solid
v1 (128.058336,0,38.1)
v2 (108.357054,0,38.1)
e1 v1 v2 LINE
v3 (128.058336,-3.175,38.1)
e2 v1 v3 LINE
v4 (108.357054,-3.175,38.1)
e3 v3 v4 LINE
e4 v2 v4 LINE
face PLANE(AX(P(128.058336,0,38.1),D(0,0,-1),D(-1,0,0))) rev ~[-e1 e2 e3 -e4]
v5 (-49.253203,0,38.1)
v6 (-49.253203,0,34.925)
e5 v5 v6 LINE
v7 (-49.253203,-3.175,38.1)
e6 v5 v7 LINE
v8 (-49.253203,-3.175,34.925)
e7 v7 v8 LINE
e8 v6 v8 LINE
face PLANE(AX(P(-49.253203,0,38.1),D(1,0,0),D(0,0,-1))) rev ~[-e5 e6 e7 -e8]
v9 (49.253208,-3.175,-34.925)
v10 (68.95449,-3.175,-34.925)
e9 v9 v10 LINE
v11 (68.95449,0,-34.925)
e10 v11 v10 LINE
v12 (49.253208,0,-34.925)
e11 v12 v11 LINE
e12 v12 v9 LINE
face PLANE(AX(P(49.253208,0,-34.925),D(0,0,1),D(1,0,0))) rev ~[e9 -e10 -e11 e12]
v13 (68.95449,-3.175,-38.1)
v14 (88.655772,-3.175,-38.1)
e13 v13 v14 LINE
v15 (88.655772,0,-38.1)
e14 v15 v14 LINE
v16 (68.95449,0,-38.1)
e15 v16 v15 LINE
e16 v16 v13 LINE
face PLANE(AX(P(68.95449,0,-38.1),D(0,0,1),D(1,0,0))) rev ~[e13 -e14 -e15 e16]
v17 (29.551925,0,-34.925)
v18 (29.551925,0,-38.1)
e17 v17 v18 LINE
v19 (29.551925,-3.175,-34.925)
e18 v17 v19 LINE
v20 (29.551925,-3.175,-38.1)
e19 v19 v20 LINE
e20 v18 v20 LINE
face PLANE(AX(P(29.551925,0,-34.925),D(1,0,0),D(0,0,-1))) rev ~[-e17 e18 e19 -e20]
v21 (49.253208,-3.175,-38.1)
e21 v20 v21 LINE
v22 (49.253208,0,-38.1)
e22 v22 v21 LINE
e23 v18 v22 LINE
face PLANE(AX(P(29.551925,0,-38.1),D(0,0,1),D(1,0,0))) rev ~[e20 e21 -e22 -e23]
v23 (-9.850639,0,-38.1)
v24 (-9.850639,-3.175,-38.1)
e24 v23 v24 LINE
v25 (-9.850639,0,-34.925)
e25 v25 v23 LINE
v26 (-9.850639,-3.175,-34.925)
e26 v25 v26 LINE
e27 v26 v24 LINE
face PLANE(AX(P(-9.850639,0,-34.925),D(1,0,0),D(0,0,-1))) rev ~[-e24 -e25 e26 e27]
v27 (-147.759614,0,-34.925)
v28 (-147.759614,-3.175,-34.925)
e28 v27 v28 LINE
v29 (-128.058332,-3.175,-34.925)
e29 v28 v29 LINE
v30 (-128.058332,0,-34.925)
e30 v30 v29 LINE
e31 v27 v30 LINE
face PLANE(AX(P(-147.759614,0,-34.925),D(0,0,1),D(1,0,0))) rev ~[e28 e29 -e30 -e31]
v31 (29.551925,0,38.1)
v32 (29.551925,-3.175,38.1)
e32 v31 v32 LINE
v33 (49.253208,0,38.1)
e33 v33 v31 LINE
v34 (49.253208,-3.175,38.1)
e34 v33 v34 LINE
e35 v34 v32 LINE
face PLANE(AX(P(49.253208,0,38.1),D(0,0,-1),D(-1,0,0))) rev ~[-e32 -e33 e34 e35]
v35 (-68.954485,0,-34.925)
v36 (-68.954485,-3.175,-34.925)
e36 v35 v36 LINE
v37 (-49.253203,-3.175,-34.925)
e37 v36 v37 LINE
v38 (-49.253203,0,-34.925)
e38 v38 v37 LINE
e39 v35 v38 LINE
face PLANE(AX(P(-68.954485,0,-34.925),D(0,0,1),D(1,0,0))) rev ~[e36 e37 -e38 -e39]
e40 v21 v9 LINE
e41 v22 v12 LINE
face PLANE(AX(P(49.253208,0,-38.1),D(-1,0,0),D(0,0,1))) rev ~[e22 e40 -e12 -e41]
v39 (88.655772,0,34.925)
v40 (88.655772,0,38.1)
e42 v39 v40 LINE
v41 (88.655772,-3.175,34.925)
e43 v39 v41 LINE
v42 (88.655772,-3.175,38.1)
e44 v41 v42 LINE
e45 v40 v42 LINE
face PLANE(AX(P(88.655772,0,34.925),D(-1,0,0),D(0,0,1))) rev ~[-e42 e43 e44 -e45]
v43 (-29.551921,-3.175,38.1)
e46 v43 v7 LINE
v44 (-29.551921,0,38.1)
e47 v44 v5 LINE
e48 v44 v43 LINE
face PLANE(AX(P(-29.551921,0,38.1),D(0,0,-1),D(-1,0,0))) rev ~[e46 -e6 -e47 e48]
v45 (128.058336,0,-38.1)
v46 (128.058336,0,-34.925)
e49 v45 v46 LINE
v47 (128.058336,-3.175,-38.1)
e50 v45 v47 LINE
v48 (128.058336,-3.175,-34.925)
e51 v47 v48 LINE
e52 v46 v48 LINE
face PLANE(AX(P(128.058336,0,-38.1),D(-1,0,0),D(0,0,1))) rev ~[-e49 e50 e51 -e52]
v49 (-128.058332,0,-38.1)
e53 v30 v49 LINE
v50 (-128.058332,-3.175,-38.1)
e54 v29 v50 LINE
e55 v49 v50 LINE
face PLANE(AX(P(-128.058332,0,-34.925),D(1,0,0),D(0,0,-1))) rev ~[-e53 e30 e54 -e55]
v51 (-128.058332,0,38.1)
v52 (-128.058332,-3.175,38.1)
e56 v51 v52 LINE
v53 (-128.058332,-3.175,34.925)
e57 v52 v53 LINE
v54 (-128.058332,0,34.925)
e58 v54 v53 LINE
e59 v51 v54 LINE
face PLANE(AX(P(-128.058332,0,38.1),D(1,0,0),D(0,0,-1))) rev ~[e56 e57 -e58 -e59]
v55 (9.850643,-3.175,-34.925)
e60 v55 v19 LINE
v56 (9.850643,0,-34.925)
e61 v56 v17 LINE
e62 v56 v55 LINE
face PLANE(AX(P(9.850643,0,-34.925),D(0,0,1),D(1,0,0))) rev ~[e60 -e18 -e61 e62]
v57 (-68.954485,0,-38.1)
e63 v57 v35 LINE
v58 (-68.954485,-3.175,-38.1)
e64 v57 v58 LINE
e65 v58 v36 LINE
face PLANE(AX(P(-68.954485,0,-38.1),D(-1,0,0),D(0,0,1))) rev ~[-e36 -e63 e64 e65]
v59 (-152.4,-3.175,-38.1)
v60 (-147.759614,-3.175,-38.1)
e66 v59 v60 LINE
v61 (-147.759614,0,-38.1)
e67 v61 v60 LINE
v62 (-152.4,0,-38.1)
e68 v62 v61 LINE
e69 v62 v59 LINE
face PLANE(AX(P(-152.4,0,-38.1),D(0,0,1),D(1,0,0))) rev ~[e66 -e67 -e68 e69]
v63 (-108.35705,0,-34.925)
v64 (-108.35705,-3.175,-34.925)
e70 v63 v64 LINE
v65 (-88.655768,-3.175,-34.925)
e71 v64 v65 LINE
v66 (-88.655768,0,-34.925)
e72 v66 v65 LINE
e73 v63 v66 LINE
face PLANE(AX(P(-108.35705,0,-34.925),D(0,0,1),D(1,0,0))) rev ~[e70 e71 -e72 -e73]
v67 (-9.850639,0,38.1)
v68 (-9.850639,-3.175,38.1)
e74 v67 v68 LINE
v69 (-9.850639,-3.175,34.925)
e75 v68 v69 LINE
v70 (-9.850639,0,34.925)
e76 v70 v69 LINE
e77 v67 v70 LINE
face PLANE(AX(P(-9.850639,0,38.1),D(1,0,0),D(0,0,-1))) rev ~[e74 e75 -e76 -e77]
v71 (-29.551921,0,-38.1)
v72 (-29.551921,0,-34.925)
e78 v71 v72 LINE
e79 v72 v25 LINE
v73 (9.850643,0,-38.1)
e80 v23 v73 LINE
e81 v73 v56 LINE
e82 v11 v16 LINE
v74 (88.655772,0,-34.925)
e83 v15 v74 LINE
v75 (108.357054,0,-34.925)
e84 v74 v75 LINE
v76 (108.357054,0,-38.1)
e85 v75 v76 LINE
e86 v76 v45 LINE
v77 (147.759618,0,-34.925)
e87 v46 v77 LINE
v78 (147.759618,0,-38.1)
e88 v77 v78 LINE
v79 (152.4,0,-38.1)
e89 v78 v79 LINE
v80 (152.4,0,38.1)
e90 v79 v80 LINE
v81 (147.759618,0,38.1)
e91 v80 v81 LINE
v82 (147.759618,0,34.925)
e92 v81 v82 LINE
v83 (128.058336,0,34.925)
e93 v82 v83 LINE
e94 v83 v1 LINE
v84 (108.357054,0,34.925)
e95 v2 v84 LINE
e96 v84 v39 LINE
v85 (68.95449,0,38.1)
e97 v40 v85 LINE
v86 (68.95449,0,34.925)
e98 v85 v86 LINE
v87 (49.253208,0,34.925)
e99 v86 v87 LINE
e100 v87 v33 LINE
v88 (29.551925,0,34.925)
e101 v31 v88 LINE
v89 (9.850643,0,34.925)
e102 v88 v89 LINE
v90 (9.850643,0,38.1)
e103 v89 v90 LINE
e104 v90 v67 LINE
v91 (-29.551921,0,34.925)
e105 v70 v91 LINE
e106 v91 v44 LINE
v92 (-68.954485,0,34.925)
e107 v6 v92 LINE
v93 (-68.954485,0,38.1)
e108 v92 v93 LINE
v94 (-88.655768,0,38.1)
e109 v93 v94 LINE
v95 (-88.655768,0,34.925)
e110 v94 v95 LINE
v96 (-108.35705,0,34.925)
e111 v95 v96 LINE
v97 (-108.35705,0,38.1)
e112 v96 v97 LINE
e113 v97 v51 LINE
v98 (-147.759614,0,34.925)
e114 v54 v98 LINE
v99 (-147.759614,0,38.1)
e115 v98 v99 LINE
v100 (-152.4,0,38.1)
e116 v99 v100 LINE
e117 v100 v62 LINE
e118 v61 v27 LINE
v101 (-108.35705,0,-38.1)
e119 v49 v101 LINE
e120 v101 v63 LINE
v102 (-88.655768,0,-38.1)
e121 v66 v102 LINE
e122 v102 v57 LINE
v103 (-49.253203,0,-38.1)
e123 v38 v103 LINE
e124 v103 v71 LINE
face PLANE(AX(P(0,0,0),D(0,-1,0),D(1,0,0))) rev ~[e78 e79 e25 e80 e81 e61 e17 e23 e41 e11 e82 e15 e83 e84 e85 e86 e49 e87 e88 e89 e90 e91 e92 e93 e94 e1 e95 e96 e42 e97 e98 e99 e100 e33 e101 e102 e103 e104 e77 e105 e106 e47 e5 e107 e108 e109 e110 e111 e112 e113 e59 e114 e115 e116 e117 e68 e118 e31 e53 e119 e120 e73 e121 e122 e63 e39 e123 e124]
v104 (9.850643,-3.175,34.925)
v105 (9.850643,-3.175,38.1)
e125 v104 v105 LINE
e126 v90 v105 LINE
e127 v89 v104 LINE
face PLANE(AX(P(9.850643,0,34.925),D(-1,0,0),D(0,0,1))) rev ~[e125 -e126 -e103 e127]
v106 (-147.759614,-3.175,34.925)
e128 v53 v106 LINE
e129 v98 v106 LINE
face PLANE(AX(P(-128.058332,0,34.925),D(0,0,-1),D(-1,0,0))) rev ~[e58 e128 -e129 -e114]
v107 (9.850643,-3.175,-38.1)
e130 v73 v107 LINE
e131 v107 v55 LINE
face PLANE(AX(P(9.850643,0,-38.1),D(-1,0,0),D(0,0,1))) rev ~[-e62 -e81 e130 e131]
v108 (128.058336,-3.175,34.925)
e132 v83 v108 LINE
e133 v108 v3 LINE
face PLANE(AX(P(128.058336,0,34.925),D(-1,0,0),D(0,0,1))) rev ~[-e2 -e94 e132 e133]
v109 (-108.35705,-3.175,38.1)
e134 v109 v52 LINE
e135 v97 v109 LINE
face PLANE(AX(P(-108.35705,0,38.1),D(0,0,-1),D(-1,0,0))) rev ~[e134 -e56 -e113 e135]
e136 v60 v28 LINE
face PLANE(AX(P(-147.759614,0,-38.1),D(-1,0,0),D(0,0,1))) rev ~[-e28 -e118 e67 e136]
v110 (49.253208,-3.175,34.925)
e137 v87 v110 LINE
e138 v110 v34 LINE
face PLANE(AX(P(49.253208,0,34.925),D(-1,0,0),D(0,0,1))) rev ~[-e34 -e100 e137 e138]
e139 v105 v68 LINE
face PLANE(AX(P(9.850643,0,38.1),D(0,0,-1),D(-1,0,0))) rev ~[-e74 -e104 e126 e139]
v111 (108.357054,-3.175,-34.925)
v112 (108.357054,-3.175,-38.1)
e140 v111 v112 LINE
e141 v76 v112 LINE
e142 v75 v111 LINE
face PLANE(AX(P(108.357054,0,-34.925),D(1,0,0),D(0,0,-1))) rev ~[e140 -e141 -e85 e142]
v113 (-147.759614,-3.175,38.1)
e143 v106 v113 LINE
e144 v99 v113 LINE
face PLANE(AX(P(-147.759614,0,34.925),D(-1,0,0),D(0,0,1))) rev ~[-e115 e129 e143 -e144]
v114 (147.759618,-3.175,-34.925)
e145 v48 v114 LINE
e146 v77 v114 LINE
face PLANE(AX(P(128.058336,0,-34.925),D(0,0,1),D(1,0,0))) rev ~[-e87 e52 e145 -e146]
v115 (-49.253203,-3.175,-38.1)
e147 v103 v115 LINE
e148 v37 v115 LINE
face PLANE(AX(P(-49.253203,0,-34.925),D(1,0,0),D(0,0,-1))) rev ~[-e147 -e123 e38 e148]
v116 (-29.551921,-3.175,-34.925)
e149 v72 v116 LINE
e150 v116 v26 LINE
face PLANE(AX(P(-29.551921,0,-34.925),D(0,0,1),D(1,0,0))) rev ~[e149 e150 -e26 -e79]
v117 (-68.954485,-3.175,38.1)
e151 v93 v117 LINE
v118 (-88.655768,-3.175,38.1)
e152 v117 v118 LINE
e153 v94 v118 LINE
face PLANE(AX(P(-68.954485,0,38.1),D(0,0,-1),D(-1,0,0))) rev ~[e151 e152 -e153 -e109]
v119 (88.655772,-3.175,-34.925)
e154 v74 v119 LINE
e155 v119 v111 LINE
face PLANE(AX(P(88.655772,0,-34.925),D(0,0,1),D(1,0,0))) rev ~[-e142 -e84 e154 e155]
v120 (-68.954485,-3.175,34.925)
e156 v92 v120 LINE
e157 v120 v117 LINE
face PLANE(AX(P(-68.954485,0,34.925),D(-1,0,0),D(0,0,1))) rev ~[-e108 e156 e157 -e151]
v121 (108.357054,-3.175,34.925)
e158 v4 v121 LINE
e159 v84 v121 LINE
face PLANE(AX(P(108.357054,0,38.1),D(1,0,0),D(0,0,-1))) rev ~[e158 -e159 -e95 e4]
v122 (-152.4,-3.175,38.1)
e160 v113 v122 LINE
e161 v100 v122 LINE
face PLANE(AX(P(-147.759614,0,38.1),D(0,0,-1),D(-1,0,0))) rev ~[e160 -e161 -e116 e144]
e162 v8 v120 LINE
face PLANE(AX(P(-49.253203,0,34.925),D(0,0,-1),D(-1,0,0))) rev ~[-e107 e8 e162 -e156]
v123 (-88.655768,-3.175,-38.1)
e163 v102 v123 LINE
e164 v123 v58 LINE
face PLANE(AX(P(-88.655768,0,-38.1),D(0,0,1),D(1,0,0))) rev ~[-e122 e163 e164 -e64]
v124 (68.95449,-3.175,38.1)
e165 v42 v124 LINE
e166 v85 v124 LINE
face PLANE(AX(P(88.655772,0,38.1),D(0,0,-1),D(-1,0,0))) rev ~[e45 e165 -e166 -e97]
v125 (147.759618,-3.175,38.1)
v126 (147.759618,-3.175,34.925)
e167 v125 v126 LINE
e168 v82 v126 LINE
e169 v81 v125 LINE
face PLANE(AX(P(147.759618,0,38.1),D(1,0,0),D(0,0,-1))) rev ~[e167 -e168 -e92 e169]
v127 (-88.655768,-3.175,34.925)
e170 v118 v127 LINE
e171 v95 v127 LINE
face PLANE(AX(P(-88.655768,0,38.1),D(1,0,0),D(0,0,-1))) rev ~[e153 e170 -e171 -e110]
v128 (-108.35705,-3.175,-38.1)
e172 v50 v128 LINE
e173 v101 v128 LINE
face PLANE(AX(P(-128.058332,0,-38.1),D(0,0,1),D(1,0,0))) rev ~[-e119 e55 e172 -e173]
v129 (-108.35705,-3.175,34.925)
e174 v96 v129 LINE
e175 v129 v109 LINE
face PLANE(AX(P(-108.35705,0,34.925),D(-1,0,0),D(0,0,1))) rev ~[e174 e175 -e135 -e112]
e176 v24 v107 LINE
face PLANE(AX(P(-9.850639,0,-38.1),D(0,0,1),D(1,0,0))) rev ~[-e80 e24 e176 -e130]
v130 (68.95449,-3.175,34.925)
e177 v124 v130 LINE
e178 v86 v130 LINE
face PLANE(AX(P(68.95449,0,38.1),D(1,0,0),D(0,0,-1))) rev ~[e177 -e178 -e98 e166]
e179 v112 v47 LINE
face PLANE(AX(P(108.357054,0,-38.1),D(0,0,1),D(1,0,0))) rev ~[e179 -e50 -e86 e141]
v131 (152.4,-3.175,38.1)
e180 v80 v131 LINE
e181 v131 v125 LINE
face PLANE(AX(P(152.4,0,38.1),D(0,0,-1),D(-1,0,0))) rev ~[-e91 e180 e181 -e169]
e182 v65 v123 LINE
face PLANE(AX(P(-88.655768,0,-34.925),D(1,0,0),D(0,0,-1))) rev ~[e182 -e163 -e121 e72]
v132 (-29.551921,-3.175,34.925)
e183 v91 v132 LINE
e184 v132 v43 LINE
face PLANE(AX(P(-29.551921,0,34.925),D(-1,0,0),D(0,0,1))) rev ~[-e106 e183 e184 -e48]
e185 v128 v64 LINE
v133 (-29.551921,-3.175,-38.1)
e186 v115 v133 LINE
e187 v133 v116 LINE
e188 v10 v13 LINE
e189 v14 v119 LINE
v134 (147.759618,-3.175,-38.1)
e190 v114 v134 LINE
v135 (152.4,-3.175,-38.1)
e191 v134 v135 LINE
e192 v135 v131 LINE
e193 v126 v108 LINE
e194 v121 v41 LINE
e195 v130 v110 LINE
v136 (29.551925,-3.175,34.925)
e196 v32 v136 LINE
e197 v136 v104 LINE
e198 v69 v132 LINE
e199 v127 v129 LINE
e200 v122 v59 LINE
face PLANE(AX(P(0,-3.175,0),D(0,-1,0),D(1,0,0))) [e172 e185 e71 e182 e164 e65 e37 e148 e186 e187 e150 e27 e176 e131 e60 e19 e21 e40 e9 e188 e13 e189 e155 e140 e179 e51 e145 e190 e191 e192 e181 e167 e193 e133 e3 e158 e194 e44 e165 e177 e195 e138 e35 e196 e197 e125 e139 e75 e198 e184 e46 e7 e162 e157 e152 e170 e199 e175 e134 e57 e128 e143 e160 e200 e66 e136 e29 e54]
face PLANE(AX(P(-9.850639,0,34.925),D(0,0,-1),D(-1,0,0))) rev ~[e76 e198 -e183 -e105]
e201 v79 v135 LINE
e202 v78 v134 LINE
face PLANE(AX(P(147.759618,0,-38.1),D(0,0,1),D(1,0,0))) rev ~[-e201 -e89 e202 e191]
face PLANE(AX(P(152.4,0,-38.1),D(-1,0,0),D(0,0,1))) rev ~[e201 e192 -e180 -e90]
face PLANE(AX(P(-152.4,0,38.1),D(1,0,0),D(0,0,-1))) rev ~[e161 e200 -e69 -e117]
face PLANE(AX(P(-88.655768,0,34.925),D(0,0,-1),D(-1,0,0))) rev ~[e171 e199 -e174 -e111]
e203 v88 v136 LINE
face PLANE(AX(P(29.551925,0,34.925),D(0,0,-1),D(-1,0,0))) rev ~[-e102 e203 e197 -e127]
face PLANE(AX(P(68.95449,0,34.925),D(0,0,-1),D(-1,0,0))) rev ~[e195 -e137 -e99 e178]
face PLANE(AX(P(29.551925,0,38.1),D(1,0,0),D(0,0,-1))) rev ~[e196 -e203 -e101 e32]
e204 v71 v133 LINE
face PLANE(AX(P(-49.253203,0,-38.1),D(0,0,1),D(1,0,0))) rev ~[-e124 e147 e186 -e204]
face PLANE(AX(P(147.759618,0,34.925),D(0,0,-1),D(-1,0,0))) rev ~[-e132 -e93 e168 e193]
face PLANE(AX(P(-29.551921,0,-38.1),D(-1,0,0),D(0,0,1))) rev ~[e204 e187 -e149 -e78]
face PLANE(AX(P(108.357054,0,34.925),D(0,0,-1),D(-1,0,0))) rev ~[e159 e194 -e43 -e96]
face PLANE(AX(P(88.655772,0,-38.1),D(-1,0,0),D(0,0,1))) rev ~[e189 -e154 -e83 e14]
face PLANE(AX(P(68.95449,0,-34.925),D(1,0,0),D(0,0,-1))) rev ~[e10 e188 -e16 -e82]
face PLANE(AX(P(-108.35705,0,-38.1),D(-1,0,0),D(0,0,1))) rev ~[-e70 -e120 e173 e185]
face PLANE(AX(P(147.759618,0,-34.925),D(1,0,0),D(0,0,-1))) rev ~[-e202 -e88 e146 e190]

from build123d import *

# Parameters (mm, degrees)
F1_DEPTH = 3.175


with BuildPart() as f1:
    # F0 (on Front) → F1 (new body)
    with BuildSketch(Plane.XZ):
        Polygon((-147.759614, 38.1), (-152.4, 38.1), (-152.4, -38.1), (-147.759614, -38.1), (-147.759614, -34.925), (-128.058332, -34.925), (-128.058332, -38.1), (-108.35705, -38.1), (-108.35705, -34.925), (-88.655768, -34.925), (-88.655768, -38.1), (-68.954485, -38.1), (-68.954485, -34.925), (-49.253203, -34.925), (-49.253203, -38.1), (-29.551921, -38.1), (-29.551921, -34.925), (-9.850639, -34.925), (-9.850639, -38.1), (9.850643, -38.1), (9.850643, -34.925), (29.551925, -34.925), (29.551925, -38.1), (49.253208, -38.1), (49.253208, -34.925), (68.95449, -34.925), (68.95449, -38.1), (88.655772, -38.1), (88.655772, -34.925), (108.357054, -34.925), (108.357054, -38.1), (128.058336, -38.1), (128.058336, -34.925), (147.759618, -34.925), (147.759618, -38.1), (152.4, -38.1), (152.4, 38.1), (147.759618, 38.1), (147.759618, 34.925), (128.058336, 34.925), (128.058336, 38.1), (108.357054, 38.1), (108.357054, 34.925), (88.655772, 34.925), (88.655772, 38.1), (68.95449, 38.1), (68.95449, 34.925), (49.253208, 34.925), (49.253208, 38.1), (29.551925, 38.1), (29.551925, 34.925), (9.850643, 34.925), (9.850643, 38.1), (-9.850639, 38.1), (-9.850639, 34.925), (-29.551921, 34.925), (-29.551921, 38.1), (-49.253203, 38.1), (-49.253203, 34.925), (-68.954485, 34.925), (-68.954485, 38.1), (-88.655768, 38.1), (-88.655768, 34.925), (-108.35705, 34.925), (-108.35705, 38.1), (-128.058332, 38.1), (-128.058332, 34.925), (-147.759614, 34.925), align=None)
    extrude(amount=F1_DEPTH)


solid = f1.part
